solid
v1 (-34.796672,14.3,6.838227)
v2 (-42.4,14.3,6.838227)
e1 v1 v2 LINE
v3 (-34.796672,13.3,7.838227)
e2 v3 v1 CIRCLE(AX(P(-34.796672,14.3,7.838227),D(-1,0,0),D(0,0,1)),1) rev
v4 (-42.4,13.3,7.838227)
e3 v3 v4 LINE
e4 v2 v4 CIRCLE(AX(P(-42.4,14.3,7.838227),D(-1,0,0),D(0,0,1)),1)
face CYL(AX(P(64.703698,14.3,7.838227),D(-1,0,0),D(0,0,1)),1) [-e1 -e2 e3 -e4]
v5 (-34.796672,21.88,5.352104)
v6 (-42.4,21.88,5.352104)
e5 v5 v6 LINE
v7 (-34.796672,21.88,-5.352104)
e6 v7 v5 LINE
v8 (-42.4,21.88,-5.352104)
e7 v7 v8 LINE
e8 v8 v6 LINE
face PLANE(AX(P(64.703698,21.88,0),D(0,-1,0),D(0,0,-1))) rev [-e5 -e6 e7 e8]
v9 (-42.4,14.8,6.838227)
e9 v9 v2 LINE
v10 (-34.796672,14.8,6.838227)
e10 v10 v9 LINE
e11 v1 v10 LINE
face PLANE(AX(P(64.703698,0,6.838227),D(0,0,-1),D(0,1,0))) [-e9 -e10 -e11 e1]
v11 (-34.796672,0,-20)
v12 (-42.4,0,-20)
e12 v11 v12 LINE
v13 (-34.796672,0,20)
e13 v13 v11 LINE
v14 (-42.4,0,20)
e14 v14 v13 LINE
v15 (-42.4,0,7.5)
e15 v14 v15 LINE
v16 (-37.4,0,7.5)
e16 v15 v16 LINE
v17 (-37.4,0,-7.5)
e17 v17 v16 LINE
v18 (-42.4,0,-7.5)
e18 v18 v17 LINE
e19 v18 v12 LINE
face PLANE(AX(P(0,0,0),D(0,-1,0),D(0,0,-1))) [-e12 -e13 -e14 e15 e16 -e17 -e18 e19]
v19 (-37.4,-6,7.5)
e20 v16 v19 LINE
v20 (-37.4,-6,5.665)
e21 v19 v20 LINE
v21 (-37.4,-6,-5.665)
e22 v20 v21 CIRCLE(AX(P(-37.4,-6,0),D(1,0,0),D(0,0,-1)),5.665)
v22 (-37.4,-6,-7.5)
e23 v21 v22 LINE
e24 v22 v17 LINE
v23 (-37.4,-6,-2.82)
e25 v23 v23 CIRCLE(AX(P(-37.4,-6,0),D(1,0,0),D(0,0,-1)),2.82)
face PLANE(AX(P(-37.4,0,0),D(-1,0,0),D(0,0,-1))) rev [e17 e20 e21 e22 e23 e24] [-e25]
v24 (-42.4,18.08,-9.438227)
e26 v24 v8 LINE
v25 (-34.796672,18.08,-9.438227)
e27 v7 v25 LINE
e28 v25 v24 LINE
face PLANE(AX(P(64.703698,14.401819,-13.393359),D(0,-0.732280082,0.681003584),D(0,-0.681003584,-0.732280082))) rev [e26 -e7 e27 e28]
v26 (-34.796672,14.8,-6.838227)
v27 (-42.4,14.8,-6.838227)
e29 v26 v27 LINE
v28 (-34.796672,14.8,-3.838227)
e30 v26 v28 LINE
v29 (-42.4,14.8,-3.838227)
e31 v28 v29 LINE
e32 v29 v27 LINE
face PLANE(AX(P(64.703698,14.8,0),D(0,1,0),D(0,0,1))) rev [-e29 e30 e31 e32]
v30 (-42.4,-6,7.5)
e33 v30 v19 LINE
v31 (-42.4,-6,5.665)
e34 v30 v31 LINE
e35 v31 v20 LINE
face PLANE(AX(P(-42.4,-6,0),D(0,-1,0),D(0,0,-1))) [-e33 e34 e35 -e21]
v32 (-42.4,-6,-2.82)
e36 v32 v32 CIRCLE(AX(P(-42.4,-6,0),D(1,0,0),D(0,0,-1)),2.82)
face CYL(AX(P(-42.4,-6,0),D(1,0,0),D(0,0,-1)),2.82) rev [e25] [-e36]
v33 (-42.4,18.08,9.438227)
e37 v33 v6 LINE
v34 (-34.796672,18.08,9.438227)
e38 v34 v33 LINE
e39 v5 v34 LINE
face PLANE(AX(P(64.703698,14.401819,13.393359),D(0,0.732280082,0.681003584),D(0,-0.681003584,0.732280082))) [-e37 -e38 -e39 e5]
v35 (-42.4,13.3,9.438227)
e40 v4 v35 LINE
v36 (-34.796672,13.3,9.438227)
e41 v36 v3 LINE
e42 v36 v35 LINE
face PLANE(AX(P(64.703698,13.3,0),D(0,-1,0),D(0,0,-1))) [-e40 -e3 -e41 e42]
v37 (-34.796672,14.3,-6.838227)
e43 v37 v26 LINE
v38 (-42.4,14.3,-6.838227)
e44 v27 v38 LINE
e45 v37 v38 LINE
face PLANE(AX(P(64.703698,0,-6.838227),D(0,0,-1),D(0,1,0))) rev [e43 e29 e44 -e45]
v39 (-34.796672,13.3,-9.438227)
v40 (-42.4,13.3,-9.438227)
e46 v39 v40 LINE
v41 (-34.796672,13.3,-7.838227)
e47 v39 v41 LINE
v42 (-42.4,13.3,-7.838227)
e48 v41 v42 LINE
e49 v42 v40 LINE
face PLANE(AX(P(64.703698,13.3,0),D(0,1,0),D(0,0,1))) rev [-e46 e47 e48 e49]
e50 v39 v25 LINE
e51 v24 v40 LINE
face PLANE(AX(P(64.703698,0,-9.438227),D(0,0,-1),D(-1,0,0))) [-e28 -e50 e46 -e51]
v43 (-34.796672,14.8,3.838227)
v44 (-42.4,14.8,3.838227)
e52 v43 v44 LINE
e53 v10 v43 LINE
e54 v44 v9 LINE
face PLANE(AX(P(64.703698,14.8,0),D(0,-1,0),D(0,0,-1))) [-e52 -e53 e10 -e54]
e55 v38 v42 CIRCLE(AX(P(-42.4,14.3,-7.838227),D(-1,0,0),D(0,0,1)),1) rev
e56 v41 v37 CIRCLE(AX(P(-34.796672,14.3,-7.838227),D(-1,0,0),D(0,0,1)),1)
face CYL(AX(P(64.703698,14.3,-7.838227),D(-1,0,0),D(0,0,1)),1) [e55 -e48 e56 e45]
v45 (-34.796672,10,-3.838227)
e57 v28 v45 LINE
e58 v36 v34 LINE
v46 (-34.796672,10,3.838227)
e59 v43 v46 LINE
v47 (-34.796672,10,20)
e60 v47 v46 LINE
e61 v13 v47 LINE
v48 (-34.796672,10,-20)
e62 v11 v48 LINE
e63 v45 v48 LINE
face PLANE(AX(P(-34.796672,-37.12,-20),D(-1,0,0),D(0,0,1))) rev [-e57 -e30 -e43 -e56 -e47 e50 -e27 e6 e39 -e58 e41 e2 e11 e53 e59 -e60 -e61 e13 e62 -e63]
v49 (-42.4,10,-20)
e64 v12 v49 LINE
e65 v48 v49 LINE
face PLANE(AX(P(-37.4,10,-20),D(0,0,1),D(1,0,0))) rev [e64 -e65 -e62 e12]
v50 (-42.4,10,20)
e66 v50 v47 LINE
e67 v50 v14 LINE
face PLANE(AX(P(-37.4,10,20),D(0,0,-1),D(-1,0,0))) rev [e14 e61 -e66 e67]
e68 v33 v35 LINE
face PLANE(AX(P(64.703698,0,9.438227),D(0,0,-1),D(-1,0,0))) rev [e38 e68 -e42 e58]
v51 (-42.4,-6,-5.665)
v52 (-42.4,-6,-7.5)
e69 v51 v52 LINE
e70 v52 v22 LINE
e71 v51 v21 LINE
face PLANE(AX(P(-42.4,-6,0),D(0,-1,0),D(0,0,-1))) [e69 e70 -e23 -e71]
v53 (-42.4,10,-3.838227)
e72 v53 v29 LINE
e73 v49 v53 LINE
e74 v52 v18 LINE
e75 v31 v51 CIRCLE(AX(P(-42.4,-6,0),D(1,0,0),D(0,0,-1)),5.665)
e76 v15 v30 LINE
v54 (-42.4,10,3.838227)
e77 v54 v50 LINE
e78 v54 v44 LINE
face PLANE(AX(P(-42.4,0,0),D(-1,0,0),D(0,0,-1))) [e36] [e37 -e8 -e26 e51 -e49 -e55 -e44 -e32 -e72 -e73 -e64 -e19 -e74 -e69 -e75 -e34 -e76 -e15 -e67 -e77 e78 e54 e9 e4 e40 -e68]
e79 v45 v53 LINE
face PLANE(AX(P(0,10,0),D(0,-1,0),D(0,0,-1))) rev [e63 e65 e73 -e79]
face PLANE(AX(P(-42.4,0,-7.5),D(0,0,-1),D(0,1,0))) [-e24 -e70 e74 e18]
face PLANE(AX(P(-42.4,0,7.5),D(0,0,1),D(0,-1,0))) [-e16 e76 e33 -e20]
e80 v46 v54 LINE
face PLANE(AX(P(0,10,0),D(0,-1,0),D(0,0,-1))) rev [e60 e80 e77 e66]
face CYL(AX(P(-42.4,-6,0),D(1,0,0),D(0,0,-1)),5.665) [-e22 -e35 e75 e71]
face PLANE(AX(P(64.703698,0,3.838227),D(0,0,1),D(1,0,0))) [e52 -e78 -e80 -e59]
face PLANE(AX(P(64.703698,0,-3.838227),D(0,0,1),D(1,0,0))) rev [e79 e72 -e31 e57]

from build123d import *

# Parameters (mm, degrees)
SKETCH1_W           = 74.8
SKETCH1_H           = 40
BOSS_EXTRUDE1_DEPTH = 10
BOSS_EXTRUDE2_DEPTH = 5
BOSS_EXTRUDE3_DEPTH = 84.8
SKETCH4_W           = 77.196671852
SKETCH4_H           = 40
CUT_EXTRUDE1_DEPTH  = 59


with BuildPart() as part:
    # Sketch1 → Boss-Extrude1 (new body)
    with BuildSketch(Plane(origin=(0, 0, 0), x_dir=(1, 0, 0), z_dir=(0, 1, 0))):
        Rectangle(SKETCH1_W, SKETCH1_H)
    extrude(amount=BOSS_EXTRUDE1_DEPTH)

    # Sketch2 → Boss-Extrude2 (add)
    # profile 1 of 2: a face of its own
    with BuildSketch(Plane(origin=(37.4, 0, 0), x_dir=(0, 0, -1), z_dir=(1, 0, 0))):
        with BuildLine():
            Line((7.5, 0), (-7.5, 0))
            Line((-7.5, 0), (-7.5, -6))
            Line((-7.5, -6), (-5.665, -6))
            ThreePointArc((-5.665, -6), (0, -11.665), (5.665, -6))
            Line((5.665, -6), (7.5, -6))
            Line((7.5, -6), (7.5, 0))
        make_face()
        with BuildLine():
            ThreePointArc((2.82, -6), (0, -8.82), (-2.82, -6))
            ThreePointArc((-2.82, -6), (0, -3.18), (2.82, -6))
        make_face(mode=Mode.SUBTRACT)
    # profile 2 of 2: a face of its own
    with BuildSketch(Plane(origin=(37.4, 0, 0), x_dir=(0, 0, -1), z_dir=(1, 0, 0))):
        Polygon((-20, 0), (-7.5, 0), (7.5, 0), (20, 0), (20, 10), (-20, 10), align=None)
    boss_extrude2 = extrude(amount=BOSS_EXTRUDE2_DEPTH)

    # Mirror1: Boss-Extrude2 across plane
    add(boss_extrude2.mirror(Plane(origin=(0, 0, 0), x_dir=(0, 0, 1), z_dir=(1, 0, 0))))

    # Sketch3 → Boss-Extrude3 (add)
    with BuildSketch(Plane.ZY.offset(42.4)):
        with BuildLine():
            Line((-3.838227356, 14.8), (-3.838227356, 10))
            Line((-3.838227356, 10), (3.838227356, 10))
            Line((3.838227356, 10), (3.838227356, 14.8))
            Line((3.838227356, 14.8), (6.838227356, 14.8))
            Line((6.838227356, 14.8), (6.838227356, 14.3))
            ThreePointArc((6.838227356, 14.3), (7.131120575, 13.592893219), (7.838227356, 13.3))
            Line((7.838227356, 13.3), (9.438227356, 13.3))
            Line((9.438227356, 13.3), (9.438227356, 14.8))
            Line((9.438227356, 14.8), (9.438227356, 18.08))
            Line((9.438227356, 18.08), (5.3521045, 21.88))
            Line((5.3521045, 21.88), (-5.3521045, 21.88))
            Line((-5.3521045, 21.88), (-9.438227356, 18.08))
            Line((-9.438227356, 18.08), (-9.438227356, 14.8))
            Line((-9.438227356, 14.8), (-9.438227356, 13.3))
            Line((-9.438227356, 13.3), (-7.838227356, 13.3))
            ThreePointArc((-7.838227356, 13.3), (-7.131120575, 13.592893219), (-6.838227356, 14.3))
            Line((-6.838227356, 14.3), (-6.838227356, 14.8))
            Line((-6.838227356, 14.8), (-3.838227356, 14.8))
        make_face()
    extrude(amount=-BOSS_EXTRUDE3_DEPTH)

    # Sketch4 → Cut-Extrude1 (cut)
    with BuildSketch(Plane(origin=(0, 21.88, 0), x_dir=(1, 0, 0), z_dir=(0, 1, 0))):
        with Locations((3.801664074, 0)):
            Rectangle(SKETCH4_W, SKETCH4_H)
    extrude(amount=-CUT_EXTRUDE1_DEPTH, mode=Mode.SUBTRACT)


solid = part.part
